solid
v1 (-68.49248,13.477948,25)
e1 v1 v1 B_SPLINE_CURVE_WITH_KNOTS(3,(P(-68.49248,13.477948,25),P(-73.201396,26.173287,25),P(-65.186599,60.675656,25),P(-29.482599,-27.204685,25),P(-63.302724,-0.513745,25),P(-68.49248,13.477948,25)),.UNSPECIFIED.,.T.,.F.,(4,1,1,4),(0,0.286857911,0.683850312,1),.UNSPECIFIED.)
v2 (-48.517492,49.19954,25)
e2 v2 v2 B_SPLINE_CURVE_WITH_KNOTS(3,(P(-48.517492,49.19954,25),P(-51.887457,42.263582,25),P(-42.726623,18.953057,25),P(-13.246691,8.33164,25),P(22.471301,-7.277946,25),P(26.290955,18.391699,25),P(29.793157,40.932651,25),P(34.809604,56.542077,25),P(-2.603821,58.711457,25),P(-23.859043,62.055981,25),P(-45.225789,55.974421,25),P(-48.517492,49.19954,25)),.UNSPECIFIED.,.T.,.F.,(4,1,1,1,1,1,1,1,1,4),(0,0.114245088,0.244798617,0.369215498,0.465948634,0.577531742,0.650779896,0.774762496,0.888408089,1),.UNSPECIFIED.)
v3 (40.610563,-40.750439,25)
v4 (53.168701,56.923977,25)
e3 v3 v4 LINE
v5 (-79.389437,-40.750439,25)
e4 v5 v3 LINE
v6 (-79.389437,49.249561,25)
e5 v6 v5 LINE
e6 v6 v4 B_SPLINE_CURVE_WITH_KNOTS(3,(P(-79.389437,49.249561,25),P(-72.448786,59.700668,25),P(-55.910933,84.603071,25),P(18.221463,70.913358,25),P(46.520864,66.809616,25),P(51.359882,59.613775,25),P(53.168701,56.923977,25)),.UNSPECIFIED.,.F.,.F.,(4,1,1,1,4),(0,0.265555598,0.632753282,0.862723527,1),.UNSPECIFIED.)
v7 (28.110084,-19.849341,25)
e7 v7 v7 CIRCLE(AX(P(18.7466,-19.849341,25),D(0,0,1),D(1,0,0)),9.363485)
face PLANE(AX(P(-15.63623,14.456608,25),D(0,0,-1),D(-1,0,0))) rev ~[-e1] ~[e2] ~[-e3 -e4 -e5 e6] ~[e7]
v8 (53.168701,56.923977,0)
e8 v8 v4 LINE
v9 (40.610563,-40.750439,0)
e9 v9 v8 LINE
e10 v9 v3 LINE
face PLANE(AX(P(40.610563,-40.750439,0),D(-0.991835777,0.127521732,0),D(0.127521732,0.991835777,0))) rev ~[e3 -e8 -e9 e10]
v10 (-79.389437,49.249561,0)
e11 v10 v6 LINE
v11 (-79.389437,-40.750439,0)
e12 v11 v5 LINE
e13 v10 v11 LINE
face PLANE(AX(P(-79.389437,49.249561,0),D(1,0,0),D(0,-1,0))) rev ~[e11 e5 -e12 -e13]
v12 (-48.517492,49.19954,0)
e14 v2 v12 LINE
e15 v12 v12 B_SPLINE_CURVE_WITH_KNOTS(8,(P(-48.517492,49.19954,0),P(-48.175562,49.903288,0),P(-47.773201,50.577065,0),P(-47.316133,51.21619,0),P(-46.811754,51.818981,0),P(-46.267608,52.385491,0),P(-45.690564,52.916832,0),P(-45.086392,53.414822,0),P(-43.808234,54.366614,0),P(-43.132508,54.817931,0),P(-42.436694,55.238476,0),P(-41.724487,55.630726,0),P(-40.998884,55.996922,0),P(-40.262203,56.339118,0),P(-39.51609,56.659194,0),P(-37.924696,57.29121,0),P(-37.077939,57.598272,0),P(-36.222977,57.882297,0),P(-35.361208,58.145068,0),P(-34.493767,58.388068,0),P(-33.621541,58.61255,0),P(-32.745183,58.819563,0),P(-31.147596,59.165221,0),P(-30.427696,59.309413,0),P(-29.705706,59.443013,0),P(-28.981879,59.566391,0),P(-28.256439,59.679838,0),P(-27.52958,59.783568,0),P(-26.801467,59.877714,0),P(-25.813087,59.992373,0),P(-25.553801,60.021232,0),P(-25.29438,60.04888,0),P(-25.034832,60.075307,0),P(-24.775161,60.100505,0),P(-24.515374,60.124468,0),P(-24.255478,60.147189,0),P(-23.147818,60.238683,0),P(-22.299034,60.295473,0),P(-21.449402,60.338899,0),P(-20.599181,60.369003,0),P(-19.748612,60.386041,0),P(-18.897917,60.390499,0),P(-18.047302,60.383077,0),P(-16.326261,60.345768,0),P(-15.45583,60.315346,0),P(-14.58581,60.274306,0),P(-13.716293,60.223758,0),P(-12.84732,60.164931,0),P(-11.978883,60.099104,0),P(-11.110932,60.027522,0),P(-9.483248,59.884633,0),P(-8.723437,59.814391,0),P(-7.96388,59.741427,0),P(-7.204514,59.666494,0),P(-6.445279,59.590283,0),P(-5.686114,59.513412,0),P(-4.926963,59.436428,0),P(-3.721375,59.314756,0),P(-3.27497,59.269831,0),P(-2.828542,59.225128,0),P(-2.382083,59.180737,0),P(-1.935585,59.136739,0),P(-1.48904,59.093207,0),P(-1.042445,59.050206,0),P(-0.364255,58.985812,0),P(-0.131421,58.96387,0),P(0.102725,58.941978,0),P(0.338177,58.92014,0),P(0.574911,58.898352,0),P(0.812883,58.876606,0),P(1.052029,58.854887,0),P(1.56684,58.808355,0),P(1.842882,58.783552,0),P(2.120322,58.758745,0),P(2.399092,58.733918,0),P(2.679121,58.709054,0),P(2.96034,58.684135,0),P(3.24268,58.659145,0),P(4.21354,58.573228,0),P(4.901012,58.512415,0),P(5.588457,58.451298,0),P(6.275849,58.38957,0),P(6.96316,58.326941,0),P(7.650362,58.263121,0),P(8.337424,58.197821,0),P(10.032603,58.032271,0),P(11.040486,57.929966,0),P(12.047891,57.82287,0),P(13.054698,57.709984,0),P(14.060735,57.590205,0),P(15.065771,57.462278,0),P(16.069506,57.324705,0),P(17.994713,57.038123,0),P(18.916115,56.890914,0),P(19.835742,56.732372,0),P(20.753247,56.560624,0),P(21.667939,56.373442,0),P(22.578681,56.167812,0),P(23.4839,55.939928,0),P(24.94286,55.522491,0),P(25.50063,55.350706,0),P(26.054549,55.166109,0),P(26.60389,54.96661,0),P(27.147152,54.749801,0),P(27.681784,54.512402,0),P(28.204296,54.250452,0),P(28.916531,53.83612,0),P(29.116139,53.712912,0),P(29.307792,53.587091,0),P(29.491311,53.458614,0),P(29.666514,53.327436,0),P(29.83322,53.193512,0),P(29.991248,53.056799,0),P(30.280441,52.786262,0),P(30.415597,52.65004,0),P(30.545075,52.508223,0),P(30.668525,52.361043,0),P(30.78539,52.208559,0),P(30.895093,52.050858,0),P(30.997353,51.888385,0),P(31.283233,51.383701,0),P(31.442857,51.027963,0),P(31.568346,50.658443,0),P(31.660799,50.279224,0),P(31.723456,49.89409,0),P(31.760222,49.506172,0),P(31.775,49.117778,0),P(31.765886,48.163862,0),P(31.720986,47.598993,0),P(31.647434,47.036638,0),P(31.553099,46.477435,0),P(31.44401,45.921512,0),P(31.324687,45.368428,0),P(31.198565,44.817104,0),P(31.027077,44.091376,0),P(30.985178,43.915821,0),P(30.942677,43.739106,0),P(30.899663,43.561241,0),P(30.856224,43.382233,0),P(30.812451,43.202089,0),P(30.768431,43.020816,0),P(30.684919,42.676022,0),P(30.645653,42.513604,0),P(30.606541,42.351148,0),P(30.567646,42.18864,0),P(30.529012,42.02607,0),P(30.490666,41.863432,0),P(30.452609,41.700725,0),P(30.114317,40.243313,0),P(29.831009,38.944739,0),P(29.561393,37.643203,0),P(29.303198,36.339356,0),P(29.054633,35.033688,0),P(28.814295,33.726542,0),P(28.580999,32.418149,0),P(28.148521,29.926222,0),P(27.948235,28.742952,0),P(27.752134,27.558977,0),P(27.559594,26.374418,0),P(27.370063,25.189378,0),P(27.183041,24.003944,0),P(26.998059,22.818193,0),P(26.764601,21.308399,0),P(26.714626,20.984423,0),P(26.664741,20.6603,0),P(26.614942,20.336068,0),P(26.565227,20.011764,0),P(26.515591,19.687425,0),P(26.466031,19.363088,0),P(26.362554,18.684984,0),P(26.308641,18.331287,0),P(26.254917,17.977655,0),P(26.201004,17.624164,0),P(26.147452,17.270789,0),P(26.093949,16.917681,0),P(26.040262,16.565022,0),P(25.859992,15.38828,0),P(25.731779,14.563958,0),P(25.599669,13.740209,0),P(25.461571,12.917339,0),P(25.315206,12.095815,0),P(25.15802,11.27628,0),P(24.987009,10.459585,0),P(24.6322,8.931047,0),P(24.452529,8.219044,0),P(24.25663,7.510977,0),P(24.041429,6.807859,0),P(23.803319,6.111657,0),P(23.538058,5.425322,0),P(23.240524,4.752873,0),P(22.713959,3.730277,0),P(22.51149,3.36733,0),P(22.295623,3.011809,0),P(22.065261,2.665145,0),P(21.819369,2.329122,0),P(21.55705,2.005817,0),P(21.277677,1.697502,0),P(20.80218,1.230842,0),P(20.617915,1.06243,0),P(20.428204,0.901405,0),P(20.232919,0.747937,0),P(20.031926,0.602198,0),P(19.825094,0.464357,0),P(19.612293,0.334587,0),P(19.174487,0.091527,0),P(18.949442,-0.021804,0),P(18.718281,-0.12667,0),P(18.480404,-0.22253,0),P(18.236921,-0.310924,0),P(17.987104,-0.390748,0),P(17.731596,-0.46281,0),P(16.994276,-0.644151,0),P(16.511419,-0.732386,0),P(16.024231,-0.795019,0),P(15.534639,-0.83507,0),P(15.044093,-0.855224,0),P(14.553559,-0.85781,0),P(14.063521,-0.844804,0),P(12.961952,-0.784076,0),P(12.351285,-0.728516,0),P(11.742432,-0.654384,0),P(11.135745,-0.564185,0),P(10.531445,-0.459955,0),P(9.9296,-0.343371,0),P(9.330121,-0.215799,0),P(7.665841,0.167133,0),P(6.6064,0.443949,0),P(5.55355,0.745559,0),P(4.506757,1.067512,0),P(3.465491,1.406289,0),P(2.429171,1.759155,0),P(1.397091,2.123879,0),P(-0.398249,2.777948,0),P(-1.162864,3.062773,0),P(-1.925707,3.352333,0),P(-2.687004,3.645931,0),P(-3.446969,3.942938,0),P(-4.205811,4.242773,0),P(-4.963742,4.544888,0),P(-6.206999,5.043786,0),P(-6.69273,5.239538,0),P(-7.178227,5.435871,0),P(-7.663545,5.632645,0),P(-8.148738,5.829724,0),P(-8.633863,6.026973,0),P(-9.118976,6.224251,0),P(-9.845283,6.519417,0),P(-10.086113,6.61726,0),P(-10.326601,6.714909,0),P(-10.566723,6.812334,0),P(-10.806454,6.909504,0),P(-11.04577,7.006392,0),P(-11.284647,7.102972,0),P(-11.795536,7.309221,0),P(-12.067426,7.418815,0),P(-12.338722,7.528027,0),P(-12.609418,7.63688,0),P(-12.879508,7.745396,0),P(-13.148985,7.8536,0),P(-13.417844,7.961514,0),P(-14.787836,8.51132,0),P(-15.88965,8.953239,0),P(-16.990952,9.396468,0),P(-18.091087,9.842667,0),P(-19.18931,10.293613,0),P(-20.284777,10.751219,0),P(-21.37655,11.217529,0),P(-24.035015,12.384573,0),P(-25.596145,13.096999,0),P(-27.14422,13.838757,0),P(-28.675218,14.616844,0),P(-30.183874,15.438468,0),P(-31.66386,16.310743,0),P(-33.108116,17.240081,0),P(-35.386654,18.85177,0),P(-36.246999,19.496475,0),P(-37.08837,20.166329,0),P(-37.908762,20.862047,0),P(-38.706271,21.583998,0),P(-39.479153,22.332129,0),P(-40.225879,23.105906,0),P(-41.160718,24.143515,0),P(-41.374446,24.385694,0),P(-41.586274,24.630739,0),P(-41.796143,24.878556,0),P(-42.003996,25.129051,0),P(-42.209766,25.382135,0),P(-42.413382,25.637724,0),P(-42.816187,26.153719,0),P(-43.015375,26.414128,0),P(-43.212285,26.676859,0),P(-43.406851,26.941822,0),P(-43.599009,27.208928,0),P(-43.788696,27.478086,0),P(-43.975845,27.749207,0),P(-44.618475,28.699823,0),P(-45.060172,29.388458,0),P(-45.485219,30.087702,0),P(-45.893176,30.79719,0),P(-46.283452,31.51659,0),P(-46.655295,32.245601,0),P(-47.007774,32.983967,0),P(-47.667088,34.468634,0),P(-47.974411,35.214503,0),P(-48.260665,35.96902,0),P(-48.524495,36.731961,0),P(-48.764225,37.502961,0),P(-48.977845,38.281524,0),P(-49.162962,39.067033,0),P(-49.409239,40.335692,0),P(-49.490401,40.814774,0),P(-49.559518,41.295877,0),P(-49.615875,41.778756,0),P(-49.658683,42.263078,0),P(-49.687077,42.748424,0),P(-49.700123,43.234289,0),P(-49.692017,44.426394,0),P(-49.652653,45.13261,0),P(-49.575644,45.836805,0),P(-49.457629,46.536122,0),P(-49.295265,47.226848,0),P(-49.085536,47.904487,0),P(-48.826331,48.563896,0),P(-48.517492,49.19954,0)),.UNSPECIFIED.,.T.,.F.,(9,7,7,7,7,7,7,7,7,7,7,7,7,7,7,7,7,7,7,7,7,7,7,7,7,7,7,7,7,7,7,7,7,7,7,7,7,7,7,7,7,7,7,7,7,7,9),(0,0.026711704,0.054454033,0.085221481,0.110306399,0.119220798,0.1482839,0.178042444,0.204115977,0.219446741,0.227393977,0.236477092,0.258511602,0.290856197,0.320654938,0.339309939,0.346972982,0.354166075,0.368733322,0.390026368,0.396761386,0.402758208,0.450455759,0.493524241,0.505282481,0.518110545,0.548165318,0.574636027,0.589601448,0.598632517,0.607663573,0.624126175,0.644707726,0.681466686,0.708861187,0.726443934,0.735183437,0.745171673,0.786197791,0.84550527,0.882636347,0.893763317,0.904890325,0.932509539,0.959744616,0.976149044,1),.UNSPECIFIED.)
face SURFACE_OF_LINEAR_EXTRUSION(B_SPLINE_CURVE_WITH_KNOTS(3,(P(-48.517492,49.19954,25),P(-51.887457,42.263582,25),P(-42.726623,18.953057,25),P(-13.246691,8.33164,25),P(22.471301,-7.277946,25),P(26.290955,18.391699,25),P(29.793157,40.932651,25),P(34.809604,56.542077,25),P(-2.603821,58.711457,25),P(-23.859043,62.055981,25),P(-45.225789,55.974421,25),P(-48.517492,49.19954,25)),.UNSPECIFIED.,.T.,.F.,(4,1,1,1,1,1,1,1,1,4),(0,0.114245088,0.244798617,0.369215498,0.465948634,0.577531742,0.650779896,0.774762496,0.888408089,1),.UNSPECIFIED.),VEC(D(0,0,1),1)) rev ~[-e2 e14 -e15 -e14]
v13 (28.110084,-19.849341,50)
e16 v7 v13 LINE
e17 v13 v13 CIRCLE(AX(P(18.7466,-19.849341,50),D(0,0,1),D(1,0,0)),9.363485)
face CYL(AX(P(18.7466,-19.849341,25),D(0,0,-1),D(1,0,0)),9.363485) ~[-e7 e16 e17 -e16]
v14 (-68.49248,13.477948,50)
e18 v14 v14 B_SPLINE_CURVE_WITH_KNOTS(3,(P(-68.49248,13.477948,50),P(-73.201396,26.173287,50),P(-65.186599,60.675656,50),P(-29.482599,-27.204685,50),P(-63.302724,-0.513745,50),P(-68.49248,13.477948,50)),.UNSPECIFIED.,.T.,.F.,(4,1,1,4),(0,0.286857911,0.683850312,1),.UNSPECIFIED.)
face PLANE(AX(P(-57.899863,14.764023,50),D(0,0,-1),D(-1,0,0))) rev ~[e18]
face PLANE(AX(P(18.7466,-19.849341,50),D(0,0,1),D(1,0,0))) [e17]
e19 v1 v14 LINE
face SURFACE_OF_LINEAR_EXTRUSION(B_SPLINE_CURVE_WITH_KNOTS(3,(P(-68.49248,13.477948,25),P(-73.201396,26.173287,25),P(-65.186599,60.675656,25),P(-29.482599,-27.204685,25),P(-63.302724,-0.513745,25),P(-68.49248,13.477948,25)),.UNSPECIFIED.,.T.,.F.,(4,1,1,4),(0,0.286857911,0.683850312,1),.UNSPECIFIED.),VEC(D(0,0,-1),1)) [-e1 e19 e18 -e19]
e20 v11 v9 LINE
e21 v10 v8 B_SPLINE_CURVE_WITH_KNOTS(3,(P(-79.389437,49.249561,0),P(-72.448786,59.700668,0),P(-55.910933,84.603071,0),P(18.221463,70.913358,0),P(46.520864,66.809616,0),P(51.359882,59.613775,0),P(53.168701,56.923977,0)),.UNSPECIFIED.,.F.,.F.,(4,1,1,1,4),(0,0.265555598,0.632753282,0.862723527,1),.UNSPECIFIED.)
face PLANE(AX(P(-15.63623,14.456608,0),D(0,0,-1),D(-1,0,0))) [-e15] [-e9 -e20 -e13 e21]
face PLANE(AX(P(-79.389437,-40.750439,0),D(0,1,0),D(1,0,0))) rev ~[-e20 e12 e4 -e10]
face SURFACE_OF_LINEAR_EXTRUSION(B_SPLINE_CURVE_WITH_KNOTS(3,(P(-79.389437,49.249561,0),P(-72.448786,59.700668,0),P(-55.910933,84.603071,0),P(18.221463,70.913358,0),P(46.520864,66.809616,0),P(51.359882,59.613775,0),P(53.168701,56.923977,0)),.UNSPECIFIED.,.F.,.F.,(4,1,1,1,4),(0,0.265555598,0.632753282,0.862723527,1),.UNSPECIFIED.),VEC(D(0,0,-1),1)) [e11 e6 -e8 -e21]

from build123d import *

# Parameters (mm, degrees)
F1_DEPTH = 25
F2_R     = 9.3634847823
F3_DEPTH = 25
F5_DEPTH = 25.0010001


with BuildPart() as f1:
    # F0 (on Top) → F1 (new body)
    with BuildSketch(Plane.XY):
        with BuildLine():
            add(Edge.make_bspline(
                [(-79.3894366242, 49.2495611187), (-72.4487858891, 59.7006682497), (-55.9109325235, 84.6030706093), (18.2214634523, 70.9133582155), (46.520864459, 66.8096161182), (51.3598815067, 59.6137751786), (53.1687014617, 56.9239767019)],
                knots=[0, 0, 0, 0, 0.2655555977, 0.6327532825, 0.8627235274, 1, 1, 1, 1], degree=3))
            Line((-79.3894366242, 49.2495611187), (-79.3894366242, -40.7504388813))
            Line((-79.3894366242, -40.7504388813), (40.6105633758, -40.7504388813))
            Line((40.6105633758, -40.7504388813), (53.1687014617, 56.9239767019))
        make_face()
    extrude(amount=F1_DEPTH)

    # F2 (on face) → F3 (join)
    with BuildSketch(Plane.XY.offset(25)):
        with BuildLine():
            add(Edge.make_bspline(
                [(-68.4924796224, 13.4779475629), (-73.2013960324, 26.1732871362), (-65.1865988861, 60.6756556527), (-29.4825992699, -27.2046852314), (-63.3027239973, -0.5137448403), (-68.4924796224, 13.4779475629)],
                knots=[0, 0, 0, 0, 0.2868579106, 0.6838503117, 1, 1, 1, 1], degree=3))
        make_face()
        with Locations((18.746599555, -19.8493413627)):
            Circle(F2_R)
    extrude(amount=F3_DEPTH)

    # F4 (on face) → F5 (cut, through all)
    with BuildSketch(Plane.XY.offset(25)):
        with BuildLine():
            add(Edge.make_bspline(
                [(-48.5174916685, 49.199540168), (-51.8874573928, 42.2635819095), (-42.7266234761, 18.9530569821), (-13.2466912969, 8.3316402308), (22.4713013361, -7.2779460259), (26.2909551235, 18.3916988976), (29.7931574833, 40.9326509963), (34.8096044104, 56.5420765879), (-2.6038214213, 58.7114569398), (-23.8590426565, 62.055981011), (-45.225788516, 55.9744208443), (-48.5174916685, 49.199540168)],
                knots=[0, 0, 0, 0, 0.1142450877, 0.2447986171, 0.3692154983, 0.4659486341, 0.5775317424, 0.6507798957, 0.7747624956, 0.8884080889, 1, 1, 1, 1], degree=3))
        make_face()
    extrude(amount=-F5_DEPTH, mode=Mode.SUBTRACT)


solid = f1.part
